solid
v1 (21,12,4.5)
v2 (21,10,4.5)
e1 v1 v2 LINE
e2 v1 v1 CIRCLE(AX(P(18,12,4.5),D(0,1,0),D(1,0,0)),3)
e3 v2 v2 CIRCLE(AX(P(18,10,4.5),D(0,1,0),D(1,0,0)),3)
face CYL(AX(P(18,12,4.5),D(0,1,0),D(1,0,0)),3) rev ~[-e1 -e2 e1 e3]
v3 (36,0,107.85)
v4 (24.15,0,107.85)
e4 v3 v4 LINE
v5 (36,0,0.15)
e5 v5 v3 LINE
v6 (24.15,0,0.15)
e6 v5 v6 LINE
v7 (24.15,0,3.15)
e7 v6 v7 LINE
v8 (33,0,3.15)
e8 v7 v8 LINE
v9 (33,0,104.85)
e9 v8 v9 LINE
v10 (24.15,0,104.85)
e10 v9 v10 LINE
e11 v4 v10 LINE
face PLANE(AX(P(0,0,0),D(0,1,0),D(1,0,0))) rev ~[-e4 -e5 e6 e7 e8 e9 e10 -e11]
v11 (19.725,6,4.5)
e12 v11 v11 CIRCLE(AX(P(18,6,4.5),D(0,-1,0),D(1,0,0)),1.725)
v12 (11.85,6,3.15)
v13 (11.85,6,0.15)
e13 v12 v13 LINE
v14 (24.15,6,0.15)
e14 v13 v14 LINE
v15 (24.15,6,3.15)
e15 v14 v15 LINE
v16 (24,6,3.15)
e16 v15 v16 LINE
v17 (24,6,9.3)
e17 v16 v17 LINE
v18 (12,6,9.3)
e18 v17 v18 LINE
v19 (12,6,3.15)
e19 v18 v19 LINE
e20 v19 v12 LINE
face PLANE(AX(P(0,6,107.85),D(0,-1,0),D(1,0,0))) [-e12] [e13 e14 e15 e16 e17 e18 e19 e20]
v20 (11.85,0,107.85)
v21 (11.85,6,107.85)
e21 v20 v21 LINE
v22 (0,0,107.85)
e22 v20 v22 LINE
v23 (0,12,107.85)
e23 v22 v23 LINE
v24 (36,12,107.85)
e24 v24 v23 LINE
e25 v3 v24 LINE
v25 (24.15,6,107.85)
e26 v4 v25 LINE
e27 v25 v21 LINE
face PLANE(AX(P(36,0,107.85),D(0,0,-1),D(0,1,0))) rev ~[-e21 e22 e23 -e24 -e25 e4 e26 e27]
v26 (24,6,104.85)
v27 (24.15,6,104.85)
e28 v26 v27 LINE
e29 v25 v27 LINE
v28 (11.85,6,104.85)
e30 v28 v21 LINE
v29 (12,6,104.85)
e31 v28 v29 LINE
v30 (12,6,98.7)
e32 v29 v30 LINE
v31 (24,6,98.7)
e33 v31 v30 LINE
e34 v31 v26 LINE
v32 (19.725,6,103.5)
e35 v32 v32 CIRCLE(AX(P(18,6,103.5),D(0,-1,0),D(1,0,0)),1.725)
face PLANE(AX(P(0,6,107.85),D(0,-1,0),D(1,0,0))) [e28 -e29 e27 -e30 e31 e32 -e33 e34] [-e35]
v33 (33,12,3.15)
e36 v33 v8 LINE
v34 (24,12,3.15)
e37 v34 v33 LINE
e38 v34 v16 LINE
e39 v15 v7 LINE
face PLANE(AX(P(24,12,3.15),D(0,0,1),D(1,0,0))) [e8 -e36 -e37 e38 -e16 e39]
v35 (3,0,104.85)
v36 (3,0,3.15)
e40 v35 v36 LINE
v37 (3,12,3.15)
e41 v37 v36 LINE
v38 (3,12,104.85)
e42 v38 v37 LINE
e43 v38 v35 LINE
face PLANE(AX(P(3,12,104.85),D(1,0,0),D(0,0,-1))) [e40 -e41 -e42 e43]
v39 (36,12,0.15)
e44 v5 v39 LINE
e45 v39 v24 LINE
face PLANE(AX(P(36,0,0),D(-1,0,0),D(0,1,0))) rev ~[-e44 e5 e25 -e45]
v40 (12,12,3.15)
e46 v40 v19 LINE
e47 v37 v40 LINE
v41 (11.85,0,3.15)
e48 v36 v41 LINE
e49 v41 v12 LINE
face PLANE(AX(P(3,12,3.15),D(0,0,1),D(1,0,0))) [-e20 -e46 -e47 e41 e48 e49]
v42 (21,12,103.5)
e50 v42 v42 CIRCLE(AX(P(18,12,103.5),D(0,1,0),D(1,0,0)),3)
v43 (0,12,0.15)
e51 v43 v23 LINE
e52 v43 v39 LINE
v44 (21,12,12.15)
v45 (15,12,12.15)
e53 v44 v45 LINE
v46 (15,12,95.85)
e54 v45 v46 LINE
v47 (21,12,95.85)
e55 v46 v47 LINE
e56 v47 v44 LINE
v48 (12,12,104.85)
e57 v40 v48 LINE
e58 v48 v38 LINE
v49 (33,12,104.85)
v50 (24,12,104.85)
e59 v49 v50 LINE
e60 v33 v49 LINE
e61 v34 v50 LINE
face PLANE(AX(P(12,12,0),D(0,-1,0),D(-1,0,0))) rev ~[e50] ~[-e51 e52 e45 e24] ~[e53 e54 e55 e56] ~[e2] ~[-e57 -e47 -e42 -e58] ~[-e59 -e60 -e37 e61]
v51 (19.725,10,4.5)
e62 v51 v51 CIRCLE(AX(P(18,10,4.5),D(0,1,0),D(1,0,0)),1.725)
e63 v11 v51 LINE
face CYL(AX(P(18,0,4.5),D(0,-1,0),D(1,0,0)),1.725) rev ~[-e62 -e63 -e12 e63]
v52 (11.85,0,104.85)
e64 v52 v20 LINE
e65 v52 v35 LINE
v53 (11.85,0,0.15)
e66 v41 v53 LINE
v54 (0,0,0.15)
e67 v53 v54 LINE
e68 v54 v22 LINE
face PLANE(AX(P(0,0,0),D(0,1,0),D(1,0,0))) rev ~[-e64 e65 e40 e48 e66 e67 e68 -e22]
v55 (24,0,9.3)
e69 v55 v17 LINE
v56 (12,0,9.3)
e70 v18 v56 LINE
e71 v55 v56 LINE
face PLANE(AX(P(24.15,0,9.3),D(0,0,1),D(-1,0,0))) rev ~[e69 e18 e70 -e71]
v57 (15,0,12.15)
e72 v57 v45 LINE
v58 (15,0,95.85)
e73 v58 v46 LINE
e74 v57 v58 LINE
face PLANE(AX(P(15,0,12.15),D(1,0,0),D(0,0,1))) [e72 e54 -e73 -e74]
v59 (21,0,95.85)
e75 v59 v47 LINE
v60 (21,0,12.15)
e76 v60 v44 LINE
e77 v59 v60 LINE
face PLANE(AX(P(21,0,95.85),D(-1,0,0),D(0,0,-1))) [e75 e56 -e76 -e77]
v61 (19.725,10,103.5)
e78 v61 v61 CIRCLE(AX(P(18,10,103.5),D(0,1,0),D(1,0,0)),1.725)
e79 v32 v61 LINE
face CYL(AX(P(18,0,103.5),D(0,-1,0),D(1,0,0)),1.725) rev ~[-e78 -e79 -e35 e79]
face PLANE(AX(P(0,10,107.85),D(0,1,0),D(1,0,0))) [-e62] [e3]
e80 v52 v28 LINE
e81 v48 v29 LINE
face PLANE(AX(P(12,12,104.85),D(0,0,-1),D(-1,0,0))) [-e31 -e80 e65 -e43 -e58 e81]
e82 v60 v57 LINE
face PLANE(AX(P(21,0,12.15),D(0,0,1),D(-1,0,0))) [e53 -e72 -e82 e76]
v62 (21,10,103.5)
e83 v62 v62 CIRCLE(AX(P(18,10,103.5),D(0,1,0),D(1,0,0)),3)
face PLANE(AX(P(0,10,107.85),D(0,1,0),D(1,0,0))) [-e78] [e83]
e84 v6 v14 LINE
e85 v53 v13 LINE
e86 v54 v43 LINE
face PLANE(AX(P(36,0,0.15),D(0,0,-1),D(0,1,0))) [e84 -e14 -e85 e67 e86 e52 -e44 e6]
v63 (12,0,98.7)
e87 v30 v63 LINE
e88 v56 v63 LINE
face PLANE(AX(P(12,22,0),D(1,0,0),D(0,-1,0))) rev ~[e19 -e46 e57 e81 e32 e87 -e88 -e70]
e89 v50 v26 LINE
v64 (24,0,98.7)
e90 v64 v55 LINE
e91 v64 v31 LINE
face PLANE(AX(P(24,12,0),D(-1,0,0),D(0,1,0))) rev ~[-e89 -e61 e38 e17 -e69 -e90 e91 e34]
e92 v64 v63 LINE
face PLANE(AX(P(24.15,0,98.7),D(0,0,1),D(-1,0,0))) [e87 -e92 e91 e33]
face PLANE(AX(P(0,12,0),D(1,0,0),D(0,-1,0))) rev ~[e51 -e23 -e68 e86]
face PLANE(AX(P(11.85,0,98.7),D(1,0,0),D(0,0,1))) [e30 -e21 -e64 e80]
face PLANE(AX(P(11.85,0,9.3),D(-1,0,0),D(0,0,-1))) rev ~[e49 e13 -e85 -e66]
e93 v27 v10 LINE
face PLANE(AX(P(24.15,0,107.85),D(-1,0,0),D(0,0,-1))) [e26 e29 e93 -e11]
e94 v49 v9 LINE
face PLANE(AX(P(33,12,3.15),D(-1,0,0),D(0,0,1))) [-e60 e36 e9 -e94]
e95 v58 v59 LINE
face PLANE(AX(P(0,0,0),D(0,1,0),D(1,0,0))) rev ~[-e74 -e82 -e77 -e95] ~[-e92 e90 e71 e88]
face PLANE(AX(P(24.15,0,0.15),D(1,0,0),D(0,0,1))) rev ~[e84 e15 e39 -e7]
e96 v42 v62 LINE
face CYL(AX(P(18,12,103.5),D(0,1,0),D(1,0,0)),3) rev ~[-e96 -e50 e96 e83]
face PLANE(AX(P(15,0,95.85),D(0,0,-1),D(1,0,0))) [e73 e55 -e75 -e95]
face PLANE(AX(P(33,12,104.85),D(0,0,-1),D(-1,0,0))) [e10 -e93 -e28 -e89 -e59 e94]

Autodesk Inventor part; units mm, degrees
ref_plane "YZ Plane" through (0, 0, 0) normal (1, 0, 0) x (0, 1, 0)
ref_plane "XZ Plane" through (0, 0, 0) normal (0, 1, 0) x (-1, 0, 0)
ref_plane "XY Plane" through (0, 0, 0) normal (0, 0, 1) x (1, 0, 0)
sketch "Sketch1" plane through (0, 0, 0) normal (0, 0, 1) x (1, 0, 0)
  line L0 (0, 0) -> (36, 0)
  line L1 (36, 0) -> (36, 12)
  line L2 (36, 12) -> (24, 12)
  line L3 (24, 12) -> (24, 22)
  line L4 (24, 22) -> (12, 22)
  line L5 (12, 22) -> (12, 12)
  line L6 (12, 12) -> (0, 12)
  line L7 (0, 12) -> (0, 0)
  dimension "d0" = 36
  dimension "d1" = 12
  dimension "d2" = 12
  dimension "d3" = 10
  dimension "d4" = 12
extrude "Extrusion1" add sketch "Sketch1" along normal blind 108
sketch "Sketch2" plane through (0, 0, 0) normal (0, -1, 0) x (1, 0, 0)
  circle A0 centre (18, 4.5) radius 1.725
  line L0 (0, 0) -> (36, 0) projected
  line L1 (36, 0) -> (36, 108) projected
  circle A1 centre (18, 103.5) radius 1.725
  line L2 (0, 108) -> (36, 108) projected
  dimension "d7" = 3.45
  dimension "d8" = 4.5
  dimension "d9" = 18
  dimension "d10" = 3.45
  dimension "d11" = 18
  dimension "d12" = 4.5
extrude "Extrusion2" cut sketch "Sketch2" against normal blind 20
sketch "Sketch3" plane through (12, 22, 0) normal (0, 1, 0) x (1, 0, 0)
  circle A0 centre (6, -4.5) radius 1.725 projected
  circle A1 centre (6, -4.5) radius 3
  circle A2 centre (6, -103.5) radius 1.725 projected
  circle A3 centre (6, -103.5) radius 3
  point P0 (-12, 0)
  dimension "d15" = 6
  dimension "d16" = 6
extrude "Extrusion3" cut sketch "Sketch3" against normal blind 2 contours A0 | A1 | A2 | A3
sketch "Sketch4" plane through (36, 0, 0) normal (1, 0, 0) x (0, 0, -1)
  line L0 (-108, 0) -> (-107.85, 0)
  line L1 (0, 0) -> (-108, 0) projected
  line L2 (-107.85, 0) -> (-107.85, 12)
  line L3 (0, 12) -> (-108, 12) projected
  line L4 (-108, 0) -> (-108, 12) projected
  line L5 (-108, 12) -> (-108, 0)
  line L6 (-108, 22) -> (-107.85, 22)
  line L7 (-107.85, 12) -> (-108, 12)
  line L8 (0, 0) -> (-0.15, 0)
  line L9 (-0.15, 0) -> (-0.15, 12)
  line L10 (-0.15, 12) -> (0, 12)
  line L11 (0, 12) -> (0, 0)
  line L12 (0, 22) -> (-0.15, 22)
  line L13 (-0.15, 12) -> (0, 12)
  dimension "d19" = 0.15
  dimension "d20" = 12
  dimension "d21" = 0.15
  dimension "d22" = 0.15
extrude "Extrusion4" cut sketch "Sketch4" against normal through all contours L4 L3 L2 L0 | L9 L3 L11 L1
sketch "Sketch5" plane through (24, 22, 108) normal (1, 0, 0) x (0, 0, -1)
  line L0 (108, -10) -> (108, 0) projected
  line L1 (108, 0) -> (0, 0) projected
  line L2 (108, -10) -> (107.85, -10)
  line L3 (107.85, -10) -> (107.85, 0)
  line L4 (107.85, 0) -> (108, 0)
  line L5 (108, 0) -> (108, -10)
  line L6 (0.15, -10) -> (0, -10) projected
  line L7 (0, -10) -> (0, 0) projected
  line L8 (0.15, -10) -> (0, -10)
  line L9 (0, -10) -> (0, 0)
  line L10 (0, 0) -> (0.15, 0)
  line L11 (0.15, 0) -> (0.15, -10)
  point P0 (108, -22)
  dimension "d25" = 0.15
extrude "Extrusion5" cut sketch "Sketch5" against normal through all
sketch "Sketch6" plane through (12, 22, 0.15) normal (0, 1, 0) x (1, 0, 0)
  point P0 (0, -107.7)
sketch "Sketch7" plane through (0, 0, 107.85) normal (0, -1, 0) x (1, 0, 0)
  line L0 (0, -107.7) -> (36, -107.7) projected
  line L1 (11.85, -107.7) -> (24.15, -107.7)
  line L2 (24.15, -107.7) -> (24.15, -98.55)
  line L3 (24.15, -98.55) -> (11.85, -98.55)
  line L4 (11.85, -98.55) -> (11.85, -107.7)
  line L5 (0, 0) -> (12, 0) projected
  line L6 (11.85, 0) -> (24.15, 0)
  line L7 (24.15, 0) -> (24.15, -9.15)
  line L8 (24.15, -9.15) -> (11.85, -9.15)
  line L9 (11.85, -9.15) -> (11.85, 0)
  line L10 (36, -107.7) -> (36, 0) projected
  point P0 (0, -107.85)
  dimension "d30" = 11.85
  dimension "d31" = 11.85
  dimension "d32" = 9.15
  dimension "d33" = 11.85
  dimension "d34" = 11.85
  dimension "d35" = 9.15
extrude "Extrusion6" cut sketch "Sketch7" against normal blind 6
sketch "Sketch8" plane through (36, 0, 0.15) normal (0, -1, 0) x (1, 0, 0)
  line L0 (-21, 95.7) -> (-15, 95.7)
  line L1 (-15, 95.7) -> (-15, 12)
  line L2 (-15, 12) -> (-21, 12)
  line L3 (-21, 12) -> (-21, 95.7)
  line L4 (-11.85, 0) -> (-24.15, 0) projected
  line L5 (0, 107.7) -> (-11.85, 107.7) projected
  line L6 (-24, 0) -> (-24, 107.7) projected
  line L7 (-12, 0) -> (-12, 107.7) projected
  point P0 (-36, -0.15)
  dimension "d38" = 12
  dimension "d39" = 12
  dimension "d40" = 3
  dimension "d41" = 3
extrude "Extrusion7" cut sketch "Sketch8" against normal through all
sketch "Sketch9" plane through (24, 12, 107.85) normal (0, 1, 0) x (1, 0, 0)
  line L0 (9, 3) -> (0, 3)
  line L1 (0, 3) -> (0, 104.7)
  line L2 (0, 104.7) -> (9, 104.7)
  line L3 (9, 104.7) -> (9, 3)
  line L4 (-12, 3) -> (-21, 3)
  line L5 (-21, 3) -> (-21, 104.7)
  line L6 (-21, 104.7) -> (-12, 104.7)
  line L7 (-12, 104.7) -> (-12, 3)
  line L8 (12, 0) -> (0.15, 0) projected
  line L9 (12, 107.7) -> (0, 107.7) projected
  line L10 (12, 107.7) -> (12, 0) projected
  line L11 (-24, 107.7) -> (-24, 0) projected
  line L12 (-12, 107.7) -> (-24, 107.7) projected
  line L13 (-24, 0) -> (-12, 0) projected
  line L14 (-12, 107.7) -> (-12, 0) projected
  line L15 (0, 107.7) -> (0, 0) projected
  point P0 (-24, 107.85)
  dimension "d44" = 3
  dimension "d45" = 3
  dimension "d46" = 3
  dimension "d47" = 3
  dimension "d48" = 3
  dimension "d49" = 3
  dimension "d50" = 0
  dimension "d51" = 0
extrude "Extrusion8" cut sketch "Sketch9" against normal through all contours L0 L1 L2 L3 | L4 L5 L6 L7
sketch "Sketch10" plane through (12, 0, 98.7) normal (0, -1, 0) x (1, 0, 0)
  line L0 (3, -86.55) -> (3, -2.85) projected
  line L1 (9, -2.85) -> (9, -86.55) projected
  line L2 (3, -2.85) -> (9, -2.85)
  line L3 (9, -2.85) -> (9, -86.55)
  line L4 (9, -86.55) -> (3, -86.55)
  line L5 (3, -86.55) -> (3, -2.85)
  line L6 (0, 0) -> (0, -89.4) projected
  line L7 (0, 0) -> (12, 0)
  line L8 (12, 0) -> (12, -89.4)
  line L9 (12, -89.4) -> (0, -89.4)
  line L10 (0, -89.4) -> (0, 0)
  line L11 (12, -89.4) -> (0, -89.4)
  line L12 (0, -89.4) -> (0, 0)
  line L13 (0, 0) -> (12, 0)
  line L14 (12, 0) -> (12, -89.4)
  point P0 (-12, -98.7)
sketch "Sketch11" plane through (24, 12, 0.15) normal (1, 0, 0) x (0, 0, -1)
  line L0 (-107.7, 0) -> (-107.7, 10) projected
  line L1 (0, 0) -> (-107.7, 0) projected
  line L2 (-107.7, 10) -> (0, 10)
  line L3 (0, 10) -> (0, 0)
  line L4 (0, 0) -> (-107.7, 0)
  line L5 (-107.7, 0) -> (-107.7, 10)
  point P0 (0.15, -12)
extrude "Extrusion9" cut sketch "Sketch11" against normal through all
sketch "Sketch12" plane through (0, 12, 107.85) normal (0, 1, 0) x (1, 0, 0)
  circle A0 centre (18, 103.35) radius 1.725 projected
  circle A1 centre (18, 103.35) radius 3
  circle A2 centre (18, 4.35) radius 1.725 projected
  circle A3 centre (18, 4.35) radius 3
  point P0 (0, 107.85)
  dimension "d56" = 6
  dimension "d57" = 6
extrude "Extrusion10" cut sketch "Sketch12" against normal blind 2
properties part number "topCenterBeam"
